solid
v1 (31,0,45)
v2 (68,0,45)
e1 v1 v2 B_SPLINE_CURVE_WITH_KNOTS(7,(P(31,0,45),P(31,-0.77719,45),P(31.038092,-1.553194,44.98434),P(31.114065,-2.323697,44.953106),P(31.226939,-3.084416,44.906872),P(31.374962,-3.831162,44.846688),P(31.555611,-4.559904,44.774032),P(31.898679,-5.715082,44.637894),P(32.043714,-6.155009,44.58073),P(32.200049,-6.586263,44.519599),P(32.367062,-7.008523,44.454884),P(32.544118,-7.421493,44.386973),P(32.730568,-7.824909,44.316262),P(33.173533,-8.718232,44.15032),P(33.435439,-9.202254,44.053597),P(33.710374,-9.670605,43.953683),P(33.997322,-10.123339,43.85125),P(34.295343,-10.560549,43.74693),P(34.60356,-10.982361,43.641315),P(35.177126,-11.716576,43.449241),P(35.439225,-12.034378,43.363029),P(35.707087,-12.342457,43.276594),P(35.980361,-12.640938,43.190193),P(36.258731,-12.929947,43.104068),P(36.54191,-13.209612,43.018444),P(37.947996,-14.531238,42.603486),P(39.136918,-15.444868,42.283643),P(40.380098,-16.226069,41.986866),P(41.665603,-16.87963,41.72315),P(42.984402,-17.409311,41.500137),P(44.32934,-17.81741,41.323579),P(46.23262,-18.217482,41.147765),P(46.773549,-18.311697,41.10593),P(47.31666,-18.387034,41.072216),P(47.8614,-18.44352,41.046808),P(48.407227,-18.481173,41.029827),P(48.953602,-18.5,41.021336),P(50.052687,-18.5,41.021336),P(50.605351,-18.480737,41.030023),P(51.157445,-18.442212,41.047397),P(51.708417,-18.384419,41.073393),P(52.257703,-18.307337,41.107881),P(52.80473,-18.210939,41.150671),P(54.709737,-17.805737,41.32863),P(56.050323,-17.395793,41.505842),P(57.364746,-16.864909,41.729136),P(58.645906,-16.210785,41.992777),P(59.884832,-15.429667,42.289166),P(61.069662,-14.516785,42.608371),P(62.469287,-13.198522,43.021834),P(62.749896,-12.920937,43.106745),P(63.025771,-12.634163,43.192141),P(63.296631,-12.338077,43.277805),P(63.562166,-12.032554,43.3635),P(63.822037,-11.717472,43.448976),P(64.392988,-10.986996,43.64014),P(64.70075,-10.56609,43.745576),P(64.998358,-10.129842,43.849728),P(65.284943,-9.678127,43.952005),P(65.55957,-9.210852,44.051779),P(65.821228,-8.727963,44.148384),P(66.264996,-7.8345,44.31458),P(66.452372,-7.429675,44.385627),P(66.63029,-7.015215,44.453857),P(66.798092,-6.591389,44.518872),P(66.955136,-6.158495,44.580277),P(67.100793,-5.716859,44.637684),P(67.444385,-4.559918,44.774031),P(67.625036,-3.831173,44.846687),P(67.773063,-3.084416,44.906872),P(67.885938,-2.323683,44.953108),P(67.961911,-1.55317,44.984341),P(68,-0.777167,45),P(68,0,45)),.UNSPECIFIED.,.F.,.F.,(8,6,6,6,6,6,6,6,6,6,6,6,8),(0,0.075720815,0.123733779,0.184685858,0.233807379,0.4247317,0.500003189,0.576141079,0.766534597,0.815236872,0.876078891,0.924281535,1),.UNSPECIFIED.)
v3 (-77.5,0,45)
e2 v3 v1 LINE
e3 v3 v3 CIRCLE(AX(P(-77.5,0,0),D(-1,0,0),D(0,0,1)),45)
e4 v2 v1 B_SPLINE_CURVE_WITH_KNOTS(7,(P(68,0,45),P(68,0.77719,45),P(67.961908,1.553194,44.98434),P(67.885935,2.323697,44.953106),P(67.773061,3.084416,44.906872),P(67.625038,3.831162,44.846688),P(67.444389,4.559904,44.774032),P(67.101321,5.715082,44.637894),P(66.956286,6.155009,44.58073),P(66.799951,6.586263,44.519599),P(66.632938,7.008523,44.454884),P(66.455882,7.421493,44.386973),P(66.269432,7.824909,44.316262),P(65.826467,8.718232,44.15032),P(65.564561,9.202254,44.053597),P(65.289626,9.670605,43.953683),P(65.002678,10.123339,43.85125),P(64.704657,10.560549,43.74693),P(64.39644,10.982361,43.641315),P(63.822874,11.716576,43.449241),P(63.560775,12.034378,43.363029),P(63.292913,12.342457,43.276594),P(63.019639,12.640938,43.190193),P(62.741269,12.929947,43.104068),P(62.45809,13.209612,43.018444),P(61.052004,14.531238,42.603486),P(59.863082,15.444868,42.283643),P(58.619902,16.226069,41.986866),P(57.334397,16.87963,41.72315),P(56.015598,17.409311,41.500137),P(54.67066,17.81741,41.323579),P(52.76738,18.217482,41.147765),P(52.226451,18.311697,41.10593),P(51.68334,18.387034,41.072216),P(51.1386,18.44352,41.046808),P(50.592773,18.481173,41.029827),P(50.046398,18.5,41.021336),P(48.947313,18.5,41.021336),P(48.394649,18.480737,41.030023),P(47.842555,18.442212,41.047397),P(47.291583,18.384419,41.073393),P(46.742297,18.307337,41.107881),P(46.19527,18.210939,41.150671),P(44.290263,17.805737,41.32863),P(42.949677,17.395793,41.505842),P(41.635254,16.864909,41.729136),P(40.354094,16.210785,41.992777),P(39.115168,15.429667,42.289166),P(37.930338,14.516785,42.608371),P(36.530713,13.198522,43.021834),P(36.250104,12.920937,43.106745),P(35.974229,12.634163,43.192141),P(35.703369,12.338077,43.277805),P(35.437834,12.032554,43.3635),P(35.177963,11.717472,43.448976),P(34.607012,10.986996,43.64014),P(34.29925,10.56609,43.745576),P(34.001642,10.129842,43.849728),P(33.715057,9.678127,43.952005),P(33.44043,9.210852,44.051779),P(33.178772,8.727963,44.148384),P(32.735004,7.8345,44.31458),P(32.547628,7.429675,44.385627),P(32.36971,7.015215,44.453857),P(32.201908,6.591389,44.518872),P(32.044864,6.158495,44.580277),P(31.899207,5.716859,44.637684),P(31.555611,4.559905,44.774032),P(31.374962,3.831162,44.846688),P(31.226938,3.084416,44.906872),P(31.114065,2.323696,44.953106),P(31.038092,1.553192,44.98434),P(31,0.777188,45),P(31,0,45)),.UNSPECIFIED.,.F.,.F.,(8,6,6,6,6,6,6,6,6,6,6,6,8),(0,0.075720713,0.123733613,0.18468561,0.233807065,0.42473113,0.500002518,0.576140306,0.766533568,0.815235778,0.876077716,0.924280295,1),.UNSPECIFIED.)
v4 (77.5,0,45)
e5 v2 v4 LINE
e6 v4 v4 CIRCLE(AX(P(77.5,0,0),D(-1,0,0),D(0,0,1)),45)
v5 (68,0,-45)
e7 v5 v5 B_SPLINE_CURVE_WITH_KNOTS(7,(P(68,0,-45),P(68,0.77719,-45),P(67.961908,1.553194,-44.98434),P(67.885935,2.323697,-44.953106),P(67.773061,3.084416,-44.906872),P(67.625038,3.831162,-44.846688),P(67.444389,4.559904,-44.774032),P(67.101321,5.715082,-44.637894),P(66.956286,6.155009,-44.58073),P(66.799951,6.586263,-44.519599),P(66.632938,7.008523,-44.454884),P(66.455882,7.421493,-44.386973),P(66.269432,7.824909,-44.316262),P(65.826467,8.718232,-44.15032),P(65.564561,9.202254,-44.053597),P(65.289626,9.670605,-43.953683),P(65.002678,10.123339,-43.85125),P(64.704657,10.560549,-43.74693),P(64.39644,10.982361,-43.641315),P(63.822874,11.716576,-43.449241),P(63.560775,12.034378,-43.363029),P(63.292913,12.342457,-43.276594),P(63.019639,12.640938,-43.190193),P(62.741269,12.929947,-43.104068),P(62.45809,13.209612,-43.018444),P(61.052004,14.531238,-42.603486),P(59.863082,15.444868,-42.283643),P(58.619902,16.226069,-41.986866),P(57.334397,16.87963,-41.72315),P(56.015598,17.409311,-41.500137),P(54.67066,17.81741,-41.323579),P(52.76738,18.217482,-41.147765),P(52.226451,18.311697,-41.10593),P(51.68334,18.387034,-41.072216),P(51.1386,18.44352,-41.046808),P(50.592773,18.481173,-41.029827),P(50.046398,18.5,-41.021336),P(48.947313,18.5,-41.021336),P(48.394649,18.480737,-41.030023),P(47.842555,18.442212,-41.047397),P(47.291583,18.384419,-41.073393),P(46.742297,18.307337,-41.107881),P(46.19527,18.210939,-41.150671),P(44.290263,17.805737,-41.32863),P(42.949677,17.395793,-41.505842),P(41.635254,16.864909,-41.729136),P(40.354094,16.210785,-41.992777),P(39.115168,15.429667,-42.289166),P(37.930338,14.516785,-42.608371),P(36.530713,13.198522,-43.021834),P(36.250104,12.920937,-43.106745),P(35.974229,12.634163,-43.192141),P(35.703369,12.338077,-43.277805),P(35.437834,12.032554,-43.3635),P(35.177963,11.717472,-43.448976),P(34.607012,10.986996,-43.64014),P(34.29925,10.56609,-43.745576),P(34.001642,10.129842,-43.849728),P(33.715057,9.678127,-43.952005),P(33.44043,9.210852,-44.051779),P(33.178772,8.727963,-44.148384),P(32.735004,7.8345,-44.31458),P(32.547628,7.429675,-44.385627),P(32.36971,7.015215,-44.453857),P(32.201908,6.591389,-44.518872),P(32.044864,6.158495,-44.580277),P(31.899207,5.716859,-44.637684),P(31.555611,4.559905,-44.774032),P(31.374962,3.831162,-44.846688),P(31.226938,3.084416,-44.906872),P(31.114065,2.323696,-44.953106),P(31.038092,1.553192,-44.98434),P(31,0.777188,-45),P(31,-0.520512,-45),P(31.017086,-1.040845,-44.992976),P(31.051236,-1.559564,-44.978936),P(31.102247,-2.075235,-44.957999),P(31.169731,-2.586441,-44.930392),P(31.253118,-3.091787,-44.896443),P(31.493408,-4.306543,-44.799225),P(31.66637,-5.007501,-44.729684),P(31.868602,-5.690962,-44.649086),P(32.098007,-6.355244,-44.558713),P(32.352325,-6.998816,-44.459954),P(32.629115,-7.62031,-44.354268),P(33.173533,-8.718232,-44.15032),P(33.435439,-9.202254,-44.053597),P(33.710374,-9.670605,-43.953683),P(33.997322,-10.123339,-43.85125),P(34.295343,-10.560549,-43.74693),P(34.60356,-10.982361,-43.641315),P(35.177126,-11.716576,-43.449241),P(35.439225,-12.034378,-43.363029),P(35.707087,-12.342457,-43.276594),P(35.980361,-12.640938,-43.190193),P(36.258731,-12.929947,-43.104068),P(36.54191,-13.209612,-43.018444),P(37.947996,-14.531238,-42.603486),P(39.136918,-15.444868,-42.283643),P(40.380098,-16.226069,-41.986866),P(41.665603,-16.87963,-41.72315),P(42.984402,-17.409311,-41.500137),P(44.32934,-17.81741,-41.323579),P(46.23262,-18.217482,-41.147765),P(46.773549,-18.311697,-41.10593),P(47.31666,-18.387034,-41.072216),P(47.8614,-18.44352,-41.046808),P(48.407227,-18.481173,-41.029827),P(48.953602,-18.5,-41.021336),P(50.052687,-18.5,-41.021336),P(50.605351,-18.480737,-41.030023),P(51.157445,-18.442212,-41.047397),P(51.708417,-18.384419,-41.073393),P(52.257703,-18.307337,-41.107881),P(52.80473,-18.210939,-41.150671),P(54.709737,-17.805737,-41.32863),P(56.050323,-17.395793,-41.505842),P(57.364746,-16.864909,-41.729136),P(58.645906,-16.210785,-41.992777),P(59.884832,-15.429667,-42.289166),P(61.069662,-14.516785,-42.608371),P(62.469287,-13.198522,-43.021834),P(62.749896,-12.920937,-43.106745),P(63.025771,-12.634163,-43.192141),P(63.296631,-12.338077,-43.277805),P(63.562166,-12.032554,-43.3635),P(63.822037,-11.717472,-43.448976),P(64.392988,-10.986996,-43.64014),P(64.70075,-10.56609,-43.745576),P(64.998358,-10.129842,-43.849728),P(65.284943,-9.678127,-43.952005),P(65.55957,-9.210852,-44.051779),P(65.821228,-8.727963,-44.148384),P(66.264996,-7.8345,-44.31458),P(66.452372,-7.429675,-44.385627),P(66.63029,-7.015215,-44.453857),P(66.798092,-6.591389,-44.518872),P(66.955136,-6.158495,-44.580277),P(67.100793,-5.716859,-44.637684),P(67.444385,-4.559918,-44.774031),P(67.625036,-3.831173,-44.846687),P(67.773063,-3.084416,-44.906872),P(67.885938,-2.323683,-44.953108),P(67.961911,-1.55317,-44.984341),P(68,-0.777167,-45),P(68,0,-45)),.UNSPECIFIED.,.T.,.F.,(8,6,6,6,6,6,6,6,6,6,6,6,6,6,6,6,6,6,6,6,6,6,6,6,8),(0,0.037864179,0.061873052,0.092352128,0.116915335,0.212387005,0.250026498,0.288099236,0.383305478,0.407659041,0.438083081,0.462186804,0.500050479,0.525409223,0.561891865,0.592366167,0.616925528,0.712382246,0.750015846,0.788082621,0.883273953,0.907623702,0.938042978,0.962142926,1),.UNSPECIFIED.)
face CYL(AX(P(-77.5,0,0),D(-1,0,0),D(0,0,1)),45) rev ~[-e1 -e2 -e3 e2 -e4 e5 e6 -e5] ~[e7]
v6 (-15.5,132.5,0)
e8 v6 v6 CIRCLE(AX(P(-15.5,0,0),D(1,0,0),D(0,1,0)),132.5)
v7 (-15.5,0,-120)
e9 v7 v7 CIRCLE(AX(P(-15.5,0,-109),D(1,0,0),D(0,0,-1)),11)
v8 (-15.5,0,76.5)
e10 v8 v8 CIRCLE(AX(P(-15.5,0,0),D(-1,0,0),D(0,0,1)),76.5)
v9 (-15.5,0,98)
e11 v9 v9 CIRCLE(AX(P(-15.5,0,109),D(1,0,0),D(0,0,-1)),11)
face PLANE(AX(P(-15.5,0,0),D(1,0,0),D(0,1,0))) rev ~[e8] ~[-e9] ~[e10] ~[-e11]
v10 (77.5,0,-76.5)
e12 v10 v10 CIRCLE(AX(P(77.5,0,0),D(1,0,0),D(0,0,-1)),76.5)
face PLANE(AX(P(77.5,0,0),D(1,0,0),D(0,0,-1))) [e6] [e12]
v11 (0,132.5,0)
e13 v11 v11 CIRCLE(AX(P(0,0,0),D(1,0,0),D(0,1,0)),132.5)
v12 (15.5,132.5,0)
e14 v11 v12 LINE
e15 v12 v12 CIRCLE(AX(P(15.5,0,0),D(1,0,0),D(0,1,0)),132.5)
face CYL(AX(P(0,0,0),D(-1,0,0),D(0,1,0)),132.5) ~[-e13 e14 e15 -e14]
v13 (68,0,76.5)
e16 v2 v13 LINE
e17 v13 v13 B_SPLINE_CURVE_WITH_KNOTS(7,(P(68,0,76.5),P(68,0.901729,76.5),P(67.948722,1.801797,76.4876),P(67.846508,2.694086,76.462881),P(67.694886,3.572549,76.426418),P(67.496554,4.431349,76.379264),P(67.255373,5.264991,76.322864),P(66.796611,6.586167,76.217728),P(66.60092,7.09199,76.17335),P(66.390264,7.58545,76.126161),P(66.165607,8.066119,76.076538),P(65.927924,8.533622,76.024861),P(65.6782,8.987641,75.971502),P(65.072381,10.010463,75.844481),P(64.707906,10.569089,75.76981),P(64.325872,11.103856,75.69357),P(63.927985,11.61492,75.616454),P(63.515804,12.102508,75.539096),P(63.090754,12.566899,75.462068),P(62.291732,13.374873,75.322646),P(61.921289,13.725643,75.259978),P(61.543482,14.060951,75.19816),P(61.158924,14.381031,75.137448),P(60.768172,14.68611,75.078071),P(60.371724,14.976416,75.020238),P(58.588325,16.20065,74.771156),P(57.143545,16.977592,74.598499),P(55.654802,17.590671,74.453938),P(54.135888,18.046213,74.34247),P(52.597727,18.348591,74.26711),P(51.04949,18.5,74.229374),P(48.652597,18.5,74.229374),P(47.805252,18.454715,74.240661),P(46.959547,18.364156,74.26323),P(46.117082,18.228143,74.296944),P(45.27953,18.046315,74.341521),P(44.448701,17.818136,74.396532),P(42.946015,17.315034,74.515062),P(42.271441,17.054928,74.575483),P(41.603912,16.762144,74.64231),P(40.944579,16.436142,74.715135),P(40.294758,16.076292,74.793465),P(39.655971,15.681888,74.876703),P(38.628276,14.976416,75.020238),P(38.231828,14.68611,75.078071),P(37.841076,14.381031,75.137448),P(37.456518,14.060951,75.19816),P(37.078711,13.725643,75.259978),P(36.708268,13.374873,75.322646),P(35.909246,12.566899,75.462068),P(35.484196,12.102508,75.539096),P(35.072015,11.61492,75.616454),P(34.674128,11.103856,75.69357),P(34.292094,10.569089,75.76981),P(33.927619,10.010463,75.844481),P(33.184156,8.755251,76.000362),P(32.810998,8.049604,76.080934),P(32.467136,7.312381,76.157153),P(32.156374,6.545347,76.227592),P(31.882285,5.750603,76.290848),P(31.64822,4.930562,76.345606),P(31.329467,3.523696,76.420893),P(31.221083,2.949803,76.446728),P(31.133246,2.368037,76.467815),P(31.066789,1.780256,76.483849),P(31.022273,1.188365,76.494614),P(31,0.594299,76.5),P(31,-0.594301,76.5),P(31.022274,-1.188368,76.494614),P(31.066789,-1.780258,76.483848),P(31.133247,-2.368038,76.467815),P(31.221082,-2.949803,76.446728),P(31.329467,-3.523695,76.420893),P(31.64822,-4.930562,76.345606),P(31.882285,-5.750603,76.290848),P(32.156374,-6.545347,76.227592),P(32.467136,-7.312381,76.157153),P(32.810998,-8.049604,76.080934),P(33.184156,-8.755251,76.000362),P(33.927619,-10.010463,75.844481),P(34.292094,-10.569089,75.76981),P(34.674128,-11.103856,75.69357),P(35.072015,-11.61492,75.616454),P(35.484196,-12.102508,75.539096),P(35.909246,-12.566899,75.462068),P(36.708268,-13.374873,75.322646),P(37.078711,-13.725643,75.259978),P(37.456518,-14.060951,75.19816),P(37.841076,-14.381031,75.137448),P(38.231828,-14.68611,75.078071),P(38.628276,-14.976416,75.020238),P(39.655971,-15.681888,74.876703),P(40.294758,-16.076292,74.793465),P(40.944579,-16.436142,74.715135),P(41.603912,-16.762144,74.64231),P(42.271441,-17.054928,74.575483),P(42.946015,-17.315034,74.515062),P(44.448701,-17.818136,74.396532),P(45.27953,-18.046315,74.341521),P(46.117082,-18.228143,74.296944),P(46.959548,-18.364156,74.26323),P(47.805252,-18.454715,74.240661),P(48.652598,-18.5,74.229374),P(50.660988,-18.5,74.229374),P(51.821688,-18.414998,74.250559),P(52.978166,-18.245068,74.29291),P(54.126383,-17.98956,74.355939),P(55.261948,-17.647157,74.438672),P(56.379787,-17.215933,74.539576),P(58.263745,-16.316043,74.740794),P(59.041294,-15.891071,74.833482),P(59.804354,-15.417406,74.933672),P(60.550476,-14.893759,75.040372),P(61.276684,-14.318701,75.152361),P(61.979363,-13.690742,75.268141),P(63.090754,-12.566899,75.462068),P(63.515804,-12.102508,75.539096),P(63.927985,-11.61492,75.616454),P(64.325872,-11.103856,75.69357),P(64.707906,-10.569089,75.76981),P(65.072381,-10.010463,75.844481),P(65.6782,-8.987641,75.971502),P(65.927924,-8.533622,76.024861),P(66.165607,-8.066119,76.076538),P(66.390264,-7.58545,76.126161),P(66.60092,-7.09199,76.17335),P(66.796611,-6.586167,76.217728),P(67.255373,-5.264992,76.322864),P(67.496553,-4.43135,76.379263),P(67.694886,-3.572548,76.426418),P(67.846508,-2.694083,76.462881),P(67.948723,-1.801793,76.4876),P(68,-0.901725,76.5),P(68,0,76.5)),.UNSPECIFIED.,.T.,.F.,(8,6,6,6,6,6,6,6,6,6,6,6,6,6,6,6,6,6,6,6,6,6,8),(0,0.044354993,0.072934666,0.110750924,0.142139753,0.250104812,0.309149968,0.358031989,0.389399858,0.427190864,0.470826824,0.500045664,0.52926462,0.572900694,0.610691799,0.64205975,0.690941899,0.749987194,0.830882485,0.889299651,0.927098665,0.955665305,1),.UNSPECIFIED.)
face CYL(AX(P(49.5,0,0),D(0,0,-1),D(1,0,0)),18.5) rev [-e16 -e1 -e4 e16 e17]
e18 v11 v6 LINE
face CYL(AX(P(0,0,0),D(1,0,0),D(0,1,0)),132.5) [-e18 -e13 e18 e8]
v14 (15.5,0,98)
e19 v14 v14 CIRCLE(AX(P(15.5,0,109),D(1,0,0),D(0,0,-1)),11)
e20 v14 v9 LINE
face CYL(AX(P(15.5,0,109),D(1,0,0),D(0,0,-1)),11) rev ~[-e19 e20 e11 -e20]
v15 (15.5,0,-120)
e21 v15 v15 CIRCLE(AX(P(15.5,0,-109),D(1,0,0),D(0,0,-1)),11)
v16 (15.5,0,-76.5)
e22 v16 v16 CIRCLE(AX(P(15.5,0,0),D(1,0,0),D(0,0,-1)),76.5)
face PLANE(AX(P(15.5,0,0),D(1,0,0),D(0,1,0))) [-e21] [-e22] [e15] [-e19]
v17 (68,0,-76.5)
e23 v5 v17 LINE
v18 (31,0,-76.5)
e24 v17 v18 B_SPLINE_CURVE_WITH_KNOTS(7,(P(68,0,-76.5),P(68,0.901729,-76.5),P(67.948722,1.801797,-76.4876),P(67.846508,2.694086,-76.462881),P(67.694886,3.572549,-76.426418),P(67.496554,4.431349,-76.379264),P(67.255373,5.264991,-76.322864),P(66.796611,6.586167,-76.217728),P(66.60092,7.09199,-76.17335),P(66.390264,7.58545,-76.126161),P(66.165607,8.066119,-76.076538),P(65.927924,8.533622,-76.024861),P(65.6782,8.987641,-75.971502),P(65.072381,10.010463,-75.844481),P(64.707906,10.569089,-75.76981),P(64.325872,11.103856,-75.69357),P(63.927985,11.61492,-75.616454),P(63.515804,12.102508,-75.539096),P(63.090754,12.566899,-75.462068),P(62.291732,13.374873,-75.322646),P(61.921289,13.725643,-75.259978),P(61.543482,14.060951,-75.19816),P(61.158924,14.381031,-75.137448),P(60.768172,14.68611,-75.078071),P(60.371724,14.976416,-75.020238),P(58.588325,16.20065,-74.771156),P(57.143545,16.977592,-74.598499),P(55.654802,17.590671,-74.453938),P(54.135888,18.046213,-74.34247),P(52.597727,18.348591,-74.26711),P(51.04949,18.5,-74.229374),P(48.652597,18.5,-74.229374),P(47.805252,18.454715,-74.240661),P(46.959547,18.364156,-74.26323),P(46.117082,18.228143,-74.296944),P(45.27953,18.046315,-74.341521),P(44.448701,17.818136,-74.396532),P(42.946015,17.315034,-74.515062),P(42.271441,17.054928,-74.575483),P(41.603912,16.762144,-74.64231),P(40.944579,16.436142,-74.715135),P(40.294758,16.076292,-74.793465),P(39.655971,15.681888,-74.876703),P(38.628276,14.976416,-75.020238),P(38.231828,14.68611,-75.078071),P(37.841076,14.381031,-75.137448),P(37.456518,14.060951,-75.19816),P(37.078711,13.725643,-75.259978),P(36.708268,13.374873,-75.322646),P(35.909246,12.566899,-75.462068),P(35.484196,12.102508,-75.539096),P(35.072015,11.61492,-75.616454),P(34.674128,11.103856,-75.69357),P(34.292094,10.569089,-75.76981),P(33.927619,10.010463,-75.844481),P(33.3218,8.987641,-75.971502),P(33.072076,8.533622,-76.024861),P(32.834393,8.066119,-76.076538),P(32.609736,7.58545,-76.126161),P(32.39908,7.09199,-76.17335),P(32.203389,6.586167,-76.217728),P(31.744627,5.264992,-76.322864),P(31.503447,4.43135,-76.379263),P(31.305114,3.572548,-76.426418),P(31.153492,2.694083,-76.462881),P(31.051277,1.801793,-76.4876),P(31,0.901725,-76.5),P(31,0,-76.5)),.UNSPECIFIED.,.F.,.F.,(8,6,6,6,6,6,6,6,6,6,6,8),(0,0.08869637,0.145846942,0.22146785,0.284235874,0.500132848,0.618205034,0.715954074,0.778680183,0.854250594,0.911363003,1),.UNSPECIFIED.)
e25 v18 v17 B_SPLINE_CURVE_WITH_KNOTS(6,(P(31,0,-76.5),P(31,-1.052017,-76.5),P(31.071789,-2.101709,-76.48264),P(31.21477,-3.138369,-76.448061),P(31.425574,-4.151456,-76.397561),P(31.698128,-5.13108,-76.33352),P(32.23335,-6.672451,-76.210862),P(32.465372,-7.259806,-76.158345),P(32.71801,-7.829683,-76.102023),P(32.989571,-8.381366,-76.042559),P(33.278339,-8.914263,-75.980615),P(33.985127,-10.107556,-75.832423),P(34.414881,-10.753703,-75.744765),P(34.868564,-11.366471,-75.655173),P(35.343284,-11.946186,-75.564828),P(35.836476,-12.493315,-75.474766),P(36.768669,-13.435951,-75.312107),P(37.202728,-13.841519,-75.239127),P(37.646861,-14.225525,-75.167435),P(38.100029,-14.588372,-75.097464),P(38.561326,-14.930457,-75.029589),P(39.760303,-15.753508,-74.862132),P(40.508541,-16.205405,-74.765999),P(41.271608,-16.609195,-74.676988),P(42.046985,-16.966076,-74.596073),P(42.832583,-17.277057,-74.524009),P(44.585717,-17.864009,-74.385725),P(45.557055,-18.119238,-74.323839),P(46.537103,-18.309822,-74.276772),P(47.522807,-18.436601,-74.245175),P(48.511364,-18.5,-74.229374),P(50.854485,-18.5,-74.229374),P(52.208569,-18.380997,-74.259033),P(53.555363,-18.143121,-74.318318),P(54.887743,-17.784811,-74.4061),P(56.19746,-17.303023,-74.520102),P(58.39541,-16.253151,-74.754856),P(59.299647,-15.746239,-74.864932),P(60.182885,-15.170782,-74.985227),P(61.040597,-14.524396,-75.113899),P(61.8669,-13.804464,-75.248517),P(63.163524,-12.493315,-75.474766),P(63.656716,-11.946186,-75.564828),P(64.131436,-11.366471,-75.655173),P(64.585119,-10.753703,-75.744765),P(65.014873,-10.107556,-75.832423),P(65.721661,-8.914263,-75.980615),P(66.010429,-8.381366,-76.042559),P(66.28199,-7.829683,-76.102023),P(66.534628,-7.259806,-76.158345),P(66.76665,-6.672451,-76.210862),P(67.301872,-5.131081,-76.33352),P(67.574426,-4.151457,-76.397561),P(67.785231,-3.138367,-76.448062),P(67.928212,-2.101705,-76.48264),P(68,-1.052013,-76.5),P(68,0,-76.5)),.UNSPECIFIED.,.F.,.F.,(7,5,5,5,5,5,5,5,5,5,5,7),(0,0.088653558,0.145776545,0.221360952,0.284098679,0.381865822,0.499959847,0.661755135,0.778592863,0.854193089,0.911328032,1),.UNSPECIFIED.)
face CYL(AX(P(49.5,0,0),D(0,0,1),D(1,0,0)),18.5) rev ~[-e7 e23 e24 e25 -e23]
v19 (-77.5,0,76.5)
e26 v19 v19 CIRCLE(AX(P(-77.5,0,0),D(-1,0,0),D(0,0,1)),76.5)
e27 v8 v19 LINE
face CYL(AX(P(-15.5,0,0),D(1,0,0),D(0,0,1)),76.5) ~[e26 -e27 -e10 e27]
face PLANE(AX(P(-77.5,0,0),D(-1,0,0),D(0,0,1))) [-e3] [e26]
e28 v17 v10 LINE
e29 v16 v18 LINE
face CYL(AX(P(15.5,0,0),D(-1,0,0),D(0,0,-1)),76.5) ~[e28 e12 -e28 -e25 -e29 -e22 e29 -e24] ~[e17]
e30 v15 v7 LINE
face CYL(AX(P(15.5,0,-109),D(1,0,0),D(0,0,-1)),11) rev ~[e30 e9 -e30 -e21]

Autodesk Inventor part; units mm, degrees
ref_plane "YZ Plane" through (0, 0, 0) normal (1, 0, 0) x (0, 1, 0)
ref_plane "XZ Plane" through (0, 0, 0) normal (0, 1, 0) x (-1, 0, 0)
ref_plane "XY Plane" through (0, 0, 0) normal (0, 0, 1) x (1, 0, 0)
sketch "Эскиз1" plane through (0, 0, 0) normal (1, 0, 0) x (0, 1, 0)
  circle A0 centre (0, 0) radius 132.5
  dimension "d0" = 265
extrude "Выдавливание1" add sketch "Эскиз1" along normal mid plane 31
sketch "Эскиз2" plane through (15.5, 0, 0) normal (1, 0, 0) x (0, 0, -1)
  circle A0 centre (0, 0) radius 76.5
  dimension "d3" = 153
extrude "Выдавливание2" add sketch "Эскиз2" along normal blind 62
sketch "Эскиз3" plane through (-15.5, 0, 0) normal (-1, 0, 0) x (0, 0, 1)
  circle A0 centre (0, 0) radius 76.5
  dimension "d6" = 153
extrude "Выдавливание3" add sketch "Эскиз3" along normal blind 62
sketch "Эскиз4" plane through (-77.5, 0, 0) normal (-1, 0, 0) x (0, 0, 1)
  circle A0 centre (0, 0) radius 45
  dimension "d9" = 90
extrude "Выдавливание4" cut sketch "Эскиз4" against normal through all
sketch "Эскиз5" plane through (0, 0, 0) normal (0, 0, 1) x (1, 0, 0)
  circle A0 centre (49.5, 0) radius 18.5
  line L0 (77.5, 45) -> (77.5, -45) projected
  point P0 (0, 0)
  dimension "d12" = 28
  dimension "d13" = 37
extrude "Выдавливание5" cut sketch "Эскиз5" along normal through all both and the other way through all
sketch "Эскиз7" plane through (15.5, 0, 0) normal (1, 0, 0) x (0, 0, -1)
  circle A0 centre (-109, 0) radius 11
  circle A1 centre (109, 0) radius 11
  point P0 (0, 0)
  dimension "d16" = 109
  dimension "d17" = 109
  dimension "d18" = 22
  dimension "d19" = 22
extrude "Выдавливание6" cut sketch "Эскиз7" against normal through all
sketch "Эскиз8" plane through (0, 0, 0) normal (0, 1, 0) x (-1, 0, 0)
  point P0 (0, 0)
properties part number "Переходник Чугун СЧ15"
